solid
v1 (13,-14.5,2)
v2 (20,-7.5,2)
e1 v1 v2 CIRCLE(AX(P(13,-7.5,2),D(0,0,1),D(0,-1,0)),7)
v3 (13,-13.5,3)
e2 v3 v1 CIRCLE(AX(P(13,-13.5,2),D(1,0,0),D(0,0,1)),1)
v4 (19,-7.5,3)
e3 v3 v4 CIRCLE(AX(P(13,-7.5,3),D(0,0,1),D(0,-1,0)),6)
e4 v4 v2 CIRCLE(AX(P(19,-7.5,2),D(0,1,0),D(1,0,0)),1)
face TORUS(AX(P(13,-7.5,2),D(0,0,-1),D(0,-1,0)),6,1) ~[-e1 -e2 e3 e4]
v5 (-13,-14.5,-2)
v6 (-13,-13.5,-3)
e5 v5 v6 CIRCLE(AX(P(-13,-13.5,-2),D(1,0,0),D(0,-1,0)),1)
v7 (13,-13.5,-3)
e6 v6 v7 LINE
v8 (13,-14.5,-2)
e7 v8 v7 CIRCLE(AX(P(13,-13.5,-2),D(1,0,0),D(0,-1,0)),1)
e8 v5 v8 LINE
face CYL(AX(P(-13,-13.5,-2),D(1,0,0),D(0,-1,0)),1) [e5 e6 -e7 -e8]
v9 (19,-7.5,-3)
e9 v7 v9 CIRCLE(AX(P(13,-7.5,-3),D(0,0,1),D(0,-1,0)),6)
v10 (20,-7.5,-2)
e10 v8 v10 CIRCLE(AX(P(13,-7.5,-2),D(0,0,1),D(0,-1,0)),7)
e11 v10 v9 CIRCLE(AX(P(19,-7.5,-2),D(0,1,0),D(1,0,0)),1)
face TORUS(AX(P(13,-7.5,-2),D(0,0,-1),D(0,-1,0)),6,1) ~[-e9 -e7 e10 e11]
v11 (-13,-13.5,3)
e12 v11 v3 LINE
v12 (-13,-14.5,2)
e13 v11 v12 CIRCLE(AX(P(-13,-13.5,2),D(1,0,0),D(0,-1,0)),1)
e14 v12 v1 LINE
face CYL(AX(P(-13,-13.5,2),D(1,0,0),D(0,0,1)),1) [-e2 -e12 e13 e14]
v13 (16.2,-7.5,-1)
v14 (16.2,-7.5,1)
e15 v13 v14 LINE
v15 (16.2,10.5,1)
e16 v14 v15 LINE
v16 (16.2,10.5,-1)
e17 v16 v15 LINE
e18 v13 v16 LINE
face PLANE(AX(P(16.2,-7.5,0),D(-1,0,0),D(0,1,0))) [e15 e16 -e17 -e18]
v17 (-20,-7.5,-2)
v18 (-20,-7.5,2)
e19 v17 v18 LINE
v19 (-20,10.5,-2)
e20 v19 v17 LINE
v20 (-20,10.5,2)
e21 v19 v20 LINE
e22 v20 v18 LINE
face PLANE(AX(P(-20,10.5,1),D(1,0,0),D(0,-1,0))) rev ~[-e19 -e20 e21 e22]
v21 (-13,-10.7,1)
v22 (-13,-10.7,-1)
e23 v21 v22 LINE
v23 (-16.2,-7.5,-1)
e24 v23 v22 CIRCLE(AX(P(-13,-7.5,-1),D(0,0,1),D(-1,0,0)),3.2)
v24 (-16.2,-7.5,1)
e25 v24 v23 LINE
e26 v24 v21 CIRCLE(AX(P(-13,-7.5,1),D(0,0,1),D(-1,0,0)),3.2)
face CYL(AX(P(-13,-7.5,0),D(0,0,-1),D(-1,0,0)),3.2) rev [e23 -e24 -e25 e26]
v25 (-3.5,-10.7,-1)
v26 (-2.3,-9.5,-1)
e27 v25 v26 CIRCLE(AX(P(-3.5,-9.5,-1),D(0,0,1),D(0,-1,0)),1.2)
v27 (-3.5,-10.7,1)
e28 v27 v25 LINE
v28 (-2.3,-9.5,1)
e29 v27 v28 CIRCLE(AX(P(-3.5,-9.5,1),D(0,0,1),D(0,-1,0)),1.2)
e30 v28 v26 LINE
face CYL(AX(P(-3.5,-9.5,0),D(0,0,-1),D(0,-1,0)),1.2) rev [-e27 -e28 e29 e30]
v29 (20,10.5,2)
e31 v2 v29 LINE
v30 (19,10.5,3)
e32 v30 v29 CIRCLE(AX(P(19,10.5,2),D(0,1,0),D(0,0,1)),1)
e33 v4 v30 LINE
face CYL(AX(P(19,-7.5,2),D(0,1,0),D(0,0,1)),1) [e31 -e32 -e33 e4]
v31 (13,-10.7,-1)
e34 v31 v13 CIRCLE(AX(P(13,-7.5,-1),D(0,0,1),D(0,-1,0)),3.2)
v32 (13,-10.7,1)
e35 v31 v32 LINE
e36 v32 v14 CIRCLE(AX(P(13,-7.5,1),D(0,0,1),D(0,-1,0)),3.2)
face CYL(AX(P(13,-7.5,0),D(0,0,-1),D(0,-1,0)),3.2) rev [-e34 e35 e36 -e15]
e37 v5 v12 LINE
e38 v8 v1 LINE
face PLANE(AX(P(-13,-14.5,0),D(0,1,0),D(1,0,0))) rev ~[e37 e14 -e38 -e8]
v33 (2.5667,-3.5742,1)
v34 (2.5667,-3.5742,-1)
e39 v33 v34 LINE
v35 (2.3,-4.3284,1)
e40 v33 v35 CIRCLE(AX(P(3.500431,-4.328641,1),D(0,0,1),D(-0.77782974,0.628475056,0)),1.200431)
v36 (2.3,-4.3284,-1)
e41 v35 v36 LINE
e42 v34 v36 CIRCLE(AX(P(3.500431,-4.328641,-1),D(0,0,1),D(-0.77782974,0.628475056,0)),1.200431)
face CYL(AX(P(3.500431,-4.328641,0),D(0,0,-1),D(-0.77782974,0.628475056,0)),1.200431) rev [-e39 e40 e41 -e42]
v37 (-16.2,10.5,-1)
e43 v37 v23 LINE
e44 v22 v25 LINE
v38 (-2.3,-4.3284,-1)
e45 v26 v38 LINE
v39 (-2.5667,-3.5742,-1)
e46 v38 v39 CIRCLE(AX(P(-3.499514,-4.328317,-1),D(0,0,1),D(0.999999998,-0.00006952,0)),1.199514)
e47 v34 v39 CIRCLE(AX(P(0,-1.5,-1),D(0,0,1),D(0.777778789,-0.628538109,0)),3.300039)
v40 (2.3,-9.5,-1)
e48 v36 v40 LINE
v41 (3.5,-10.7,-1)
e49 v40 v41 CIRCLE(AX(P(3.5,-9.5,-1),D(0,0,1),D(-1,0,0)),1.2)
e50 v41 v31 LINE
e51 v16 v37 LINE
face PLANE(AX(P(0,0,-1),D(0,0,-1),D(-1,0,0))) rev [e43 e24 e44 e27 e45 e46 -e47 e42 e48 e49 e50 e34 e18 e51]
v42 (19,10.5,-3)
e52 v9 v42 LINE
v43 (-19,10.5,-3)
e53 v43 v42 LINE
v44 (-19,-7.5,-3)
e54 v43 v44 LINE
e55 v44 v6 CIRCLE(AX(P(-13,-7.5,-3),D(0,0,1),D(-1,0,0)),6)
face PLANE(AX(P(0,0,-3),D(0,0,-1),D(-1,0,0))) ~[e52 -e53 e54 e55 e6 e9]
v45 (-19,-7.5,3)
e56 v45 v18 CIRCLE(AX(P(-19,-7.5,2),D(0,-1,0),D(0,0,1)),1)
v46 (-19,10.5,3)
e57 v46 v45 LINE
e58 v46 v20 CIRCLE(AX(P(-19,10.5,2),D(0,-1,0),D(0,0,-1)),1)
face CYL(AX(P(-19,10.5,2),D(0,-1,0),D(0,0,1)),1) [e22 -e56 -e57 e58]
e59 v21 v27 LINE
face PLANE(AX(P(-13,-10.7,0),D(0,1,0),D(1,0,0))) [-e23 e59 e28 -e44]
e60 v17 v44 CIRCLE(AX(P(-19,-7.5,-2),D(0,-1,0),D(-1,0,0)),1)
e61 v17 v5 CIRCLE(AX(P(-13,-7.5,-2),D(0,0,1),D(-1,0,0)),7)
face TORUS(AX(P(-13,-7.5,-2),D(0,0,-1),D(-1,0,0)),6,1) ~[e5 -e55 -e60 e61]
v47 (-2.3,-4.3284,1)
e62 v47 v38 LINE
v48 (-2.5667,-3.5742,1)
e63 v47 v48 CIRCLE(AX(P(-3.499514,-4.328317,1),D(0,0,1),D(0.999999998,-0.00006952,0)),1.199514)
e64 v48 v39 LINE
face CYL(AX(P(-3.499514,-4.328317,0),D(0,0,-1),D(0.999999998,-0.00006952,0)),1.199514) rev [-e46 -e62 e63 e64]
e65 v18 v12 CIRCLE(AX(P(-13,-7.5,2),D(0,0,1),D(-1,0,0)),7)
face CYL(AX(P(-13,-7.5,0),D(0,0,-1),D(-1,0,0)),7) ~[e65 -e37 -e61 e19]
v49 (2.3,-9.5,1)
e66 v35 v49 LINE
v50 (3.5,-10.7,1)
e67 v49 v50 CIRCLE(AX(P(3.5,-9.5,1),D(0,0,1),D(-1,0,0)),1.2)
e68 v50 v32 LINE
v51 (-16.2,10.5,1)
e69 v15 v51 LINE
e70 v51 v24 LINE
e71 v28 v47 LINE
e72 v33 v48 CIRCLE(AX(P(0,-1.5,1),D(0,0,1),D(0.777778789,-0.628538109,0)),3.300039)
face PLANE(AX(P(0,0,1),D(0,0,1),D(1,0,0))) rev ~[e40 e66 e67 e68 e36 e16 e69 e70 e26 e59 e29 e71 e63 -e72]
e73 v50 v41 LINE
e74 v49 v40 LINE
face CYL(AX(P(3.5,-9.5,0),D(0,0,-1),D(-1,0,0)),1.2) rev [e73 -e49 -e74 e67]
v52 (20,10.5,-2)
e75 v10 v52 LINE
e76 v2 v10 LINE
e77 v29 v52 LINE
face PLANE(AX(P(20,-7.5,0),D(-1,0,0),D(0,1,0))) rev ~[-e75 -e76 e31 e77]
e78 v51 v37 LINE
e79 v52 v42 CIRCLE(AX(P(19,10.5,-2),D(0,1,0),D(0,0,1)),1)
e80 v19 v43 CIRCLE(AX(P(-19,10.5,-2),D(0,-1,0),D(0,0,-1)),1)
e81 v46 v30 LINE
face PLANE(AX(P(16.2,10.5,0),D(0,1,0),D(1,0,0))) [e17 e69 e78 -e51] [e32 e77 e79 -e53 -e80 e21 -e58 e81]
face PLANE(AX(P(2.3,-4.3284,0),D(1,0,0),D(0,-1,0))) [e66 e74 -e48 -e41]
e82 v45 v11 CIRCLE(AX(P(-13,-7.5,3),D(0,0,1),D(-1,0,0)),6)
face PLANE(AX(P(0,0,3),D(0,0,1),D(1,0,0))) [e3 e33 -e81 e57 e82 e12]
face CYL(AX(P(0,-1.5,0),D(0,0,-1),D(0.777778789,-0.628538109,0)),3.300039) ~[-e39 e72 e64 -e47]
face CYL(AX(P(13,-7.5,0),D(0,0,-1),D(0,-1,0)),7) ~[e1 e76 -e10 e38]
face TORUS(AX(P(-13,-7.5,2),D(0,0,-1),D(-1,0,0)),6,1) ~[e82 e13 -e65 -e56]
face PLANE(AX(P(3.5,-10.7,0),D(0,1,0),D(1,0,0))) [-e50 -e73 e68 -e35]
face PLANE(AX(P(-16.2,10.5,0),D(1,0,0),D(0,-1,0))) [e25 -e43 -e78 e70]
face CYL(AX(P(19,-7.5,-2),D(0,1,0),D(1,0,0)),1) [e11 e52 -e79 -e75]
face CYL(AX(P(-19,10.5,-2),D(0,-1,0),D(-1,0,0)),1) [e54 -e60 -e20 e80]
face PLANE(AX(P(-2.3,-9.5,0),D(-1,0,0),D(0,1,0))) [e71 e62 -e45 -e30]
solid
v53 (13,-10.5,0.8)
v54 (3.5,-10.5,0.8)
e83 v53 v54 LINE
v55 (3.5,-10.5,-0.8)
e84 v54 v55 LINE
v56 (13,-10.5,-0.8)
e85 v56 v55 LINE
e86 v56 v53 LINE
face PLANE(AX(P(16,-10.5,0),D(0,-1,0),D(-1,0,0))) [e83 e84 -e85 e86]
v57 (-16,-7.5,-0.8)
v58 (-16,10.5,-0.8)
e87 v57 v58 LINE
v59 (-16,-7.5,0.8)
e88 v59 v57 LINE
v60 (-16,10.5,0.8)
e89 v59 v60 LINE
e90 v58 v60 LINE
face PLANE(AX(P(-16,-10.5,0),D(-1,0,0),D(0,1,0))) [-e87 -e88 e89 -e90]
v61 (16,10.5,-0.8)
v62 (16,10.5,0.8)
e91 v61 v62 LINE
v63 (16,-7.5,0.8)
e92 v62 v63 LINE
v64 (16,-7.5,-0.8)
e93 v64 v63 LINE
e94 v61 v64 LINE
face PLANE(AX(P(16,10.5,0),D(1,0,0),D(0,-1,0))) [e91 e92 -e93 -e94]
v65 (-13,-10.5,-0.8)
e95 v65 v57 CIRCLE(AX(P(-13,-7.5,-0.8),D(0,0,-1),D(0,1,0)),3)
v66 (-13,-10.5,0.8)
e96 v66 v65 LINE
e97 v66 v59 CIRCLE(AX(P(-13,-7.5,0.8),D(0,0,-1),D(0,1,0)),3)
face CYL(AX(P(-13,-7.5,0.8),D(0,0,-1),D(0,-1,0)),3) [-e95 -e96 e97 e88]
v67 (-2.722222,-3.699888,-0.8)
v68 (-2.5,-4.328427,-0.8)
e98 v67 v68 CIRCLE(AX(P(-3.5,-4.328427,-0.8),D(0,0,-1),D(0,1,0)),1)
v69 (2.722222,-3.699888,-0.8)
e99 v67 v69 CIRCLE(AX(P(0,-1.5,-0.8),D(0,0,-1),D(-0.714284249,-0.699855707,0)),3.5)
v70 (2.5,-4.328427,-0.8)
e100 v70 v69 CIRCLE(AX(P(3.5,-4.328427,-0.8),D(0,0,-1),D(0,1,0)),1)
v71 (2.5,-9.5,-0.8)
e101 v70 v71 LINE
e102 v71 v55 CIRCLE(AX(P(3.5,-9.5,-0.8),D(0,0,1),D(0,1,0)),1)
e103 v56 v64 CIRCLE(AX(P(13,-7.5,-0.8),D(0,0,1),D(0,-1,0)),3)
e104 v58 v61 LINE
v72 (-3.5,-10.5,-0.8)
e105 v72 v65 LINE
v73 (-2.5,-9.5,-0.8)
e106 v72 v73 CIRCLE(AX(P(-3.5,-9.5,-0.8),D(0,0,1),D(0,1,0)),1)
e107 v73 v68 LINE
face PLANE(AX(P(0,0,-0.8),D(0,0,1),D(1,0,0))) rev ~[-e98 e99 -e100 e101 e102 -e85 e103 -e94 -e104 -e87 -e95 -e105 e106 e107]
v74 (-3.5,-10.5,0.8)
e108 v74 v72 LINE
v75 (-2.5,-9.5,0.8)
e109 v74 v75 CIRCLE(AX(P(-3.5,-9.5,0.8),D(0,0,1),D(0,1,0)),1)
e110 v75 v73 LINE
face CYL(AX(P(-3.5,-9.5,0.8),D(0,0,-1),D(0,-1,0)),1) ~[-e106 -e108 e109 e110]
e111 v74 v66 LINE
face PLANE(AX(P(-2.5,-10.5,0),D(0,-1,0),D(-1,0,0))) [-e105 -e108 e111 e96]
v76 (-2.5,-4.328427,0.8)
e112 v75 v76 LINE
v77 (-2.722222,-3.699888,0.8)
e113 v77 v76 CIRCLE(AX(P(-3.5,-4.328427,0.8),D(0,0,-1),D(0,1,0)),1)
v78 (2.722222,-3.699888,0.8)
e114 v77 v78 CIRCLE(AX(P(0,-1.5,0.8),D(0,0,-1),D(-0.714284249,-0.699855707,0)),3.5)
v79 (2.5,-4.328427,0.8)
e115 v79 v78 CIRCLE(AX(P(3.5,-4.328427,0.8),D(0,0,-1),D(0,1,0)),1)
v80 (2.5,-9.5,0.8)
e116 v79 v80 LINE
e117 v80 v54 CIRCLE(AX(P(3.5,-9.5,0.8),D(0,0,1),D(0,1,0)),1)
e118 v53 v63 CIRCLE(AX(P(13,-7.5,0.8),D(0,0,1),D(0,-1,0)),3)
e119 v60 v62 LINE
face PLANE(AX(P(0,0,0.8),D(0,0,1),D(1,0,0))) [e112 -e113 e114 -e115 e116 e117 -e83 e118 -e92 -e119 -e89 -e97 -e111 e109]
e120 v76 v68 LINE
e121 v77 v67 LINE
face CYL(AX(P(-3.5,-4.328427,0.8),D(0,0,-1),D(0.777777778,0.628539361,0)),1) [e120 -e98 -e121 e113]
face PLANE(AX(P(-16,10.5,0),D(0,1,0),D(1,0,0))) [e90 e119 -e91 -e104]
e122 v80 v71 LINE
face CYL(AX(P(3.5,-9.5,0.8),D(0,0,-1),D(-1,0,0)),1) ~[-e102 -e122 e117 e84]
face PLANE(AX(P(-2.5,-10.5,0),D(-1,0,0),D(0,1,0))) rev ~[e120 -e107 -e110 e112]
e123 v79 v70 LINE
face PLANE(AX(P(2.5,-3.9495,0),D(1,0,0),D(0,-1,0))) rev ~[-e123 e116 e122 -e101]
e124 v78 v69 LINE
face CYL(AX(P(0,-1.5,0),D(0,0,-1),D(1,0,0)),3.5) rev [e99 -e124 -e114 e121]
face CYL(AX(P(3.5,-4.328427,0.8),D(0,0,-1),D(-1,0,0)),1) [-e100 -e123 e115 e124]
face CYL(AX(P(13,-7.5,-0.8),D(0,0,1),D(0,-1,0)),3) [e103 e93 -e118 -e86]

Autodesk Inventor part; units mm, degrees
ref_plane "YZ Plane" through (0, 0, 0) normal (1, 0, 0) x (0, 1, 0)
ref_plane "XZ Plane" through (0, 0, 0) normal (0, 1, 0) x (-1, 0, 0)
ref_plane "XY Plane" through (0, 0, 0) normal (0, 0, 1) x (1, 0, 0)
sketch "Sketch3" plane through (0, 0, 0) normal (0, 0, 1) x (1, 0, 0)
  line L0 (16, -10.5) -> (-16, -10.5)
  line L1 (-16, -10.5) -> (-16, 10.5)
  line L2 (-16, 10.5) -> (16, 10.5)
  line L3 (16, 10.5) -> (16, -10.5)
  line L4 (16, -10.5) -> (-16, 10.5) construction
  line L5 (-16, -10.5) -> (16, 10.5) construction
  circle A0 centre (0, -1.5) radius 3.5
  line L6 (-2.5, -3.9495) -> (2.5, -3.9495)
  line L7 (2.5, -3.9495) -> (2.5, -10.5)
  line L8 (2.5, -10.5) -> (-2.5, -10.5)
  line L9 (-2.5, -10.5) -> (-2.5, -3.9495)
  point P0 (0, 0)
  dimension "d24" = 32
  dimension "d25" = 21
  dimension "d26" = 7
  dimension "d27" = 9
  dimension "d28" = 5
extrude "Extrusion5" add sketch "Sketch3" along normal mid plane 1.6 contours L0 L7 A0 L9 L1 L2 L3
fillet "Fillet2" radius 1 2 edges at (-2.5, -3.9495, 0) (2.5, -3.9495, 0)
fillet "Fillet3" radius 3 2 edges at (-16, -10.5, 0) (16, -10.5, 0)
fillet "Fillet4" radius 1 2 edges at (-2.5, -10.5, 0) (2.5, -10.5, 0)
sketch "Sketch4" plane through (0, 0, 0) normal (0, 0, 1) x (1, 0, 0)
  arc A0 (2.7222, -3.6999) -> (2.5, -4.3284) centre (3.5, -4.3284) ccw projected
  arc A1 (2.7222, -3.6999) -> (-2.7222, -3.6999) centre (0, -1.5) ccw projected
  arc A2 (-2.5, -4.3284) -> (-2.7222, -3.6999) centre (-3.5, -4.3284) ccw projected
  line L0 (-2.5, -4.3284) -> (-2.5, -9.5) projected
  arc A3 (-3.5, -10.5) -> (-2.5, -9.5) centre (-3.5, -9.5) ccw projected
  line L1 (-3.5, -10.5) -> (-13, -10.5) projected
  arc A4 (-16, -7.5) -> (-13, -10.5) centre (-13, -7.5) ccw projected
  line L2 (-16, -7.5) -> (-16, 10.5) projected
  line L3 (-16, 10.5) -> (16, 10.5) projected
  line L4 (16, 10.5) -> (16, -7.5) projected
  arc A5 (13, -10.5) -> (16, -7.5) centre (13, -7.5) ccw projected
  line L5 (13, -10.5) -> (3.5, -10.5) projected
  arc A6 (2.5, -9.5) -> (3.5, -10.5) centre (3.5, -9.5) ccw projected
  line L6 (2.5, -9.5) -> (2.5, -4.3284) projected
  line L7 (-16.2, 10.7) -> (-16.2, -7.5)
  arc A7 (-16.2, -7.5) -> (-13, -10.7) centre (-13, -7.5) ccw
  line L8 (-13, -10.7) -> (-3.5, -10.7)
  arc A8 (-3.5, -10.7) -> (-2.3, -9.5) centre (-3.5, -9.5) ccw
  line L9 (-2.3, -9.5) -> (-2.3, -4.3284)
  arc A9 (-2.3, -4.3284) -> (-2.5667, -3.5742) centre (-3.5, -4.3284) ccw
  arc A10 (2.5667, -3.5742) -> (-2.5667, -3.5742) centre (0, -1.5) ccw
  arc A11 (2.5667, -3.5742) -> (2.3, -4.3284) centre (3.5, -4.3284) ccw
  line L10 (2.3, -4.3284) -> (2.3, -9.5)
  arc A12 (2.3, -9.5) -> (3.5, -10.7) centre (3.5, -9.5) ccw
  line L11 (3.5, -10.7) -> (13, -10.7)
  arc A13 (13, -10.7) -> (16.2, -7.5) centre (13, -7.5) ccw
  line L12 (16.2, -7.5) -> (16.2, 10.7)
  line L13 (16.2, 10.7) -> (-16.2, 10.7)
  line L14 (-20, 14.5) -> (-20, -7.5)
  arc A14 (-20, -7.5) -> (-13, -14.5) centre (-13, -7.5) ccw
  line L15 (-13, -14.5) -> (13, -14.5)
  arc A15 (13, -14.5) -> (20, -7.5) centre (13, -7.5) ccw
  line L16 (20, -7.5) -> (20, 14.5)
  line L17 (20, 14.5) -> (-20, 14.5)
  line L18 (-20, 10.5) -> (20, 10.5)
  point P0 (0, 0)
  point P1 (-16.2, 10.5)
  point P2 (16.2, 10.5)
  dimension "d34" = 0.2
  dimension "d35" = 4
extrude "Extrusion6" add sketch "Sketch4" along normal mid plane 2 separate body contours L18 L16 A15 L15 A14 L14 L7 A7 L8 A8 L9 A9 A10 A11 L10 A12 L11 A13 L12
sketch "Sketch5" plane through (0, 0, 1) normal (0, 0, 1) x (1, 0, 0)
  line L0 (-16.2, -7.5) -> (-16.2, 10.5) projected
  line L1 (-16.2, 10.5) -> (-20, 10.5) projected
  line L2 (-20, 10.5) -> (-20, -7.5) projected
  arc A0 (-20, -7.5) -> (-13, -14.5) centre (-13, -7.5) ccw projected
  line L3 (-13, -14.5) -> (13, -14.5) projected
  arc A1 (13, -14.5) -> (20, -7.5) centre (13, -7.5) ccw projected
  line L4 (20, -7.5) -> (20, 10.5) projected
  line L5 (20, 10.5) -> (16.2, 10.5) projected
  line L6 (16.2, 10.5) -> (16.2, -7.5) projected
  arc A2 (13, -10.7) -> (16.2, -7.5) centre (13, -7.5) ccw projected
  line L7 (13, -10.7) -> (3.5, -10.7) projected
  arc A3 (2.3, -9.5) -> (3.5, -10.7) centre (3.5, -9.5) ccw projected
  line L8 (2.3, -9.5) -> (2.3, -4.3284) projected
  arc A4 (2.5667, -3.5742) -> (2.3, -4.3284) centre (3.5, -4.3284) ccw projected
  arc A5 (2.5667, -3.5742) -> (-2.5667, -3.5742) centre (0, -1.5) ccw projected
  arc A6 (-2.3, -4.3284) -> (-2.5667, -3.5742) centre (-3.5, -4.3284) ccw projected
  line L9 (-2.3, -4.3284) -> (-2.3, -9.5) projected
  arc A7 (-3.5, -10.7) -> (-2.3, -9.5) centre (-3.5, -9.5) ccw projected
  line L10 (-3.5, -10.7) -> (-13, -10.7) projected
  arc A8 (-16.2, -7.5) -> (-13, -10.7) centre (-13, -7.5) ccw projected
  line L11 (-16.2, 10.5) -> (16.2, 10.5)
  point P0 (0, 0)
extrude "Extrusion7" add sketch "Sketch5" along normal blind 2
mirror "Mirror1" about plane through (0, 0, 0) normal (0, 0, 1) of "Extrusion7"
fillet "Fillet5" radius 1 10 edges at (20, 1.5, -3) (0, -14.5, -3) (-17.9497, -12.4497, -3) (-20, 1.5, -3) (17.9497, -12.4497, -3) (20, 1.5, 3) (0, -14.5, 3) (-17.9497, -12.4497, 3) (-20, 1.5, 3) (17.9497, -12.4497, 3)
properties part number "Door Stop Bumper" material "Rubber"
